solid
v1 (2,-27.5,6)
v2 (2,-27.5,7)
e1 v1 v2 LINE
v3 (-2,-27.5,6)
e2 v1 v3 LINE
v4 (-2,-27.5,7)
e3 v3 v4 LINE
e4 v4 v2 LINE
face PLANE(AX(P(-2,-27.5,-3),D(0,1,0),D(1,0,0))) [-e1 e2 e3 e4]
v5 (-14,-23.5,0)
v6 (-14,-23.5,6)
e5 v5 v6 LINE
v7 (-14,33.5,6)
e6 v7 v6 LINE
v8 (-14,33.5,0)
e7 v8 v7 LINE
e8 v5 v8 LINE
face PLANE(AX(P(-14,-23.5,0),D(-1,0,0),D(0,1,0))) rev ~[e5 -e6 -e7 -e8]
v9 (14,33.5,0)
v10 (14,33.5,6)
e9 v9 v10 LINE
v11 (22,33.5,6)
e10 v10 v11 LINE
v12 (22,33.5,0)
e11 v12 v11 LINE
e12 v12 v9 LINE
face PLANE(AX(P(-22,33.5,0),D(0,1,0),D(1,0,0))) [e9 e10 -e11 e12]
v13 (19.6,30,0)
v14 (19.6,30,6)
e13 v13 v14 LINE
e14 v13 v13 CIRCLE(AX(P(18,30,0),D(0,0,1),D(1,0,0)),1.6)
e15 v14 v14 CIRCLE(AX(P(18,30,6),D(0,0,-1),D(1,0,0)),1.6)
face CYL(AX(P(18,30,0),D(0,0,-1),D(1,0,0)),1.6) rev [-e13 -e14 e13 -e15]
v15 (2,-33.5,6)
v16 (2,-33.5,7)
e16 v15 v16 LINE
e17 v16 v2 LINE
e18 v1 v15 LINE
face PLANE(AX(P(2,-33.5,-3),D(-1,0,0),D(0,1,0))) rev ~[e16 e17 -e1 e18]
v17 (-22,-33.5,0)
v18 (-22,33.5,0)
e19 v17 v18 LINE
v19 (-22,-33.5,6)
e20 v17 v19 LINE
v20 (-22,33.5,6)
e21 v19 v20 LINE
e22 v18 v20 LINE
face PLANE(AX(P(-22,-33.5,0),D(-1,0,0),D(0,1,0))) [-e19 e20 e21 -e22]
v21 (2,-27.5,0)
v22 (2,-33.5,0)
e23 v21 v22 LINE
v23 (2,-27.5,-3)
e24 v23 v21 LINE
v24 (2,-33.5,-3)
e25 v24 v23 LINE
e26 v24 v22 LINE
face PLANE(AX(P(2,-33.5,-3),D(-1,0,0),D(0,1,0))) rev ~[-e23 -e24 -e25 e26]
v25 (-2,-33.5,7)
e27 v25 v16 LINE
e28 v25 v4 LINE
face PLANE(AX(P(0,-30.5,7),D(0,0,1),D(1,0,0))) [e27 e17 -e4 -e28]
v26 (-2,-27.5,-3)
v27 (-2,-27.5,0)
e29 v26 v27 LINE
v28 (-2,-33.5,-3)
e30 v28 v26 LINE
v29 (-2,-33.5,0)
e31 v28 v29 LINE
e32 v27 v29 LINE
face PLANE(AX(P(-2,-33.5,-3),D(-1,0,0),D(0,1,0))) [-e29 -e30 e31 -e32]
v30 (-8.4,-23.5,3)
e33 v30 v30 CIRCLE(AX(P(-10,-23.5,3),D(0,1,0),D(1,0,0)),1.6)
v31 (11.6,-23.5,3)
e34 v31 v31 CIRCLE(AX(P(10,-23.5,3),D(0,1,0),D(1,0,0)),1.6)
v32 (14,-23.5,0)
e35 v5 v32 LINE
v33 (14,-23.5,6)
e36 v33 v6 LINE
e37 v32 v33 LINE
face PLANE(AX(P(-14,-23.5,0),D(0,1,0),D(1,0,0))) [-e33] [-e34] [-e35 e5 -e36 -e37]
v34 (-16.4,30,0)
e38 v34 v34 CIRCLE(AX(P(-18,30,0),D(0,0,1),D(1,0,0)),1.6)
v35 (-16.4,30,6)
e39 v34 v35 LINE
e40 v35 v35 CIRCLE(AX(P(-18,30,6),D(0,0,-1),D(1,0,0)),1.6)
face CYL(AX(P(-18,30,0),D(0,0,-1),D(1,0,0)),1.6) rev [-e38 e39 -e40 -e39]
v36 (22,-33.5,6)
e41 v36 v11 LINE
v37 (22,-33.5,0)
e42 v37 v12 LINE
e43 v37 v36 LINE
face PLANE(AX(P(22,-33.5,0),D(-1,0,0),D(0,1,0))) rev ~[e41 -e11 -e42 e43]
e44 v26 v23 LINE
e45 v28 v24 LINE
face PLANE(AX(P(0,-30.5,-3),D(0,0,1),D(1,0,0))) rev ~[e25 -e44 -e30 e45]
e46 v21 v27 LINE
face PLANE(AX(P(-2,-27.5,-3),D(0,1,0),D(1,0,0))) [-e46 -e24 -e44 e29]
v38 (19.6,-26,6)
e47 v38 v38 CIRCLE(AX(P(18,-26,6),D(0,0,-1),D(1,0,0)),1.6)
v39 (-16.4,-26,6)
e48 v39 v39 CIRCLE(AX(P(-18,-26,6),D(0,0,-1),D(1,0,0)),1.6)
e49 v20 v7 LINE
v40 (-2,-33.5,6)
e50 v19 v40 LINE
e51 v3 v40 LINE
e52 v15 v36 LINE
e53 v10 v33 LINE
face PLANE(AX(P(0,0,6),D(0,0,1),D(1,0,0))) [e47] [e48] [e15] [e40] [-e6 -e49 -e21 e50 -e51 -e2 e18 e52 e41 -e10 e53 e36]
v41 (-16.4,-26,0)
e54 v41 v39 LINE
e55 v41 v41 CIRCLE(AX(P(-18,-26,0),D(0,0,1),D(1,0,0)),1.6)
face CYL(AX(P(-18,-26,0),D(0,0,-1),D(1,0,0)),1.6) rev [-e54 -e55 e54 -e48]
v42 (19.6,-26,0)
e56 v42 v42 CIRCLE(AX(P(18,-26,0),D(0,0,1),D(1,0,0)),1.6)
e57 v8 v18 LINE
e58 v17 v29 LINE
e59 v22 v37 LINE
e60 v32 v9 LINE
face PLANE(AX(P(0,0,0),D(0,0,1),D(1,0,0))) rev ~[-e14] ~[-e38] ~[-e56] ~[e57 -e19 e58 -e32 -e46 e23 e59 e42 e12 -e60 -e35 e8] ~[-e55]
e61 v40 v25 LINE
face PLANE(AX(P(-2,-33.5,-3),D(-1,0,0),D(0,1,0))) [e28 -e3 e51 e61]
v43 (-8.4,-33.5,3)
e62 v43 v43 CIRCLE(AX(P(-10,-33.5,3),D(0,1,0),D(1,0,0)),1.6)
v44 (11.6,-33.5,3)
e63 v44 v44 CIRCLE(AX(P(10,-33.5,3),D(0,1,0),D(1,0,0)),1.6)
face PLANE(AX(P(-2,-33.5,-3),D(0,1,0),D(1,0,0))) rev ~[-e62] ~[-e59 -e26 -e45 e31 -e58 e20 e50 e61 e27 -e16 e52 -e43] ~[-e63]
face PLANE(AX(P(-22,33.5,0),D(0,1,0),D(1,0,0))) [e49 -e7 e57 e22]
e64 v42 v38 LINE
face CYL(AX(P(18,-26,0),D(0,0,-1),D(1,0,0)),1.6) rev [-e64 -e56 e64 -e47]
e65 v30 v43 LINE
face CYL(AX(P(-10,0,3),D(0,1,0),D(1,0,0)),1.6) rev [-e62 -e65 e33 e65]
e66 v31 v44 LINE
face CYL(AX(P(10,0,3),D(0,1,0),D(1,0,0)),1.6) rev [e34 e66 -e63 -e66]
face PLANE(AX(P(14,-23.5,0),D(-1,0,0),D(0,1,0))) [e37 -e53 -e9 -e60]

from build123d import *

# Parameters (mm, degrees)
SKETCH_W             = 44
SKETCH_H             = 67
PAD_DEPTH            = 6
SKETCH001_W          = 28
SKETCH001_H          = 60
POCKET_DEPTH         = 0.001
POCKET_DEPTH_BACK    = -6.001
BOX_W                = 4
BOX_H                = 6
BOX_DEPTH            = 10
SKETCH003_R          = 1.6
POCKET002_DEPTH      = 3.001
POCKET002_DEPTH_BACK = -7.001
SKETCH004_R          = 1.6
POCKET003_DEPTH      = 33.501


with BuildPart() as part:
    # Sketch → Pad (new body)
    with BuildSketch(Plane.XY):
        Rectangle(SKETCH_W, SKETCH_H)
    extrude(amount=PAD_DEPTH)

    # Sketch001 → Pocket (cut, two sides)
    with BuildSketch(Plane.XY) as pocket_sk:
        with Locations((0, 6.5)):
            Rectangle(SKETCH001_W, SKETCH001_H)
    extrude(amount=-POCKET_DEPTH, mode=Mode.SUBTRACT)
    extrude(pocket_sk.sketch, amount=-POCKET_DEPTH_BACK, mode=Mode.SUBTRACT)

    # Box → Box (join)
    with BuildSketch(Plane(origin=(-2, -33.5, -3), x_dir=(1, 0, 0), z_dir=(0, 0, 1))):
        with Locations((2, 3)):
            Rectangle(BOX_W, BOX_H)
    extrude(amount=BOX_DEPTH)

    # Sketch003 → Pocket002 (cut, two sides)
    with BuildSketch(Plane.XY) as pocket002_sk:
        with Locations((-18, 30)):
            Circle(SKETCH003_R)
        with Locations((-18, -26)):
            Circle(SKETCH003_R)
        with Locations((18, 30)):
            Circle(SKETCH003_R)
        with Locations((18, -26)):
            Circle(SKETCH003_R)
    extrude(amount=-POCKET002_DEPTH, mode=Mode.SUBTRACT)
    extrude(pocket002_sk.sketch, amount=-POCKET002_DEPTH_BACK, mode=Mode.SUBTRACT)

    # Sketch004 → Pocket003 (cut, through all)
    with BuildSketch(Plane.XZ):
        with Locations((10, 3)):
            Circle(SKETCH004_R)
        with Locations((-10, 3)):
            Circle(SKETCH004_R)
    extrude(amount=POCKET003_DEPTH, mode=Mode.SUBTRACT)


solid = part.part
